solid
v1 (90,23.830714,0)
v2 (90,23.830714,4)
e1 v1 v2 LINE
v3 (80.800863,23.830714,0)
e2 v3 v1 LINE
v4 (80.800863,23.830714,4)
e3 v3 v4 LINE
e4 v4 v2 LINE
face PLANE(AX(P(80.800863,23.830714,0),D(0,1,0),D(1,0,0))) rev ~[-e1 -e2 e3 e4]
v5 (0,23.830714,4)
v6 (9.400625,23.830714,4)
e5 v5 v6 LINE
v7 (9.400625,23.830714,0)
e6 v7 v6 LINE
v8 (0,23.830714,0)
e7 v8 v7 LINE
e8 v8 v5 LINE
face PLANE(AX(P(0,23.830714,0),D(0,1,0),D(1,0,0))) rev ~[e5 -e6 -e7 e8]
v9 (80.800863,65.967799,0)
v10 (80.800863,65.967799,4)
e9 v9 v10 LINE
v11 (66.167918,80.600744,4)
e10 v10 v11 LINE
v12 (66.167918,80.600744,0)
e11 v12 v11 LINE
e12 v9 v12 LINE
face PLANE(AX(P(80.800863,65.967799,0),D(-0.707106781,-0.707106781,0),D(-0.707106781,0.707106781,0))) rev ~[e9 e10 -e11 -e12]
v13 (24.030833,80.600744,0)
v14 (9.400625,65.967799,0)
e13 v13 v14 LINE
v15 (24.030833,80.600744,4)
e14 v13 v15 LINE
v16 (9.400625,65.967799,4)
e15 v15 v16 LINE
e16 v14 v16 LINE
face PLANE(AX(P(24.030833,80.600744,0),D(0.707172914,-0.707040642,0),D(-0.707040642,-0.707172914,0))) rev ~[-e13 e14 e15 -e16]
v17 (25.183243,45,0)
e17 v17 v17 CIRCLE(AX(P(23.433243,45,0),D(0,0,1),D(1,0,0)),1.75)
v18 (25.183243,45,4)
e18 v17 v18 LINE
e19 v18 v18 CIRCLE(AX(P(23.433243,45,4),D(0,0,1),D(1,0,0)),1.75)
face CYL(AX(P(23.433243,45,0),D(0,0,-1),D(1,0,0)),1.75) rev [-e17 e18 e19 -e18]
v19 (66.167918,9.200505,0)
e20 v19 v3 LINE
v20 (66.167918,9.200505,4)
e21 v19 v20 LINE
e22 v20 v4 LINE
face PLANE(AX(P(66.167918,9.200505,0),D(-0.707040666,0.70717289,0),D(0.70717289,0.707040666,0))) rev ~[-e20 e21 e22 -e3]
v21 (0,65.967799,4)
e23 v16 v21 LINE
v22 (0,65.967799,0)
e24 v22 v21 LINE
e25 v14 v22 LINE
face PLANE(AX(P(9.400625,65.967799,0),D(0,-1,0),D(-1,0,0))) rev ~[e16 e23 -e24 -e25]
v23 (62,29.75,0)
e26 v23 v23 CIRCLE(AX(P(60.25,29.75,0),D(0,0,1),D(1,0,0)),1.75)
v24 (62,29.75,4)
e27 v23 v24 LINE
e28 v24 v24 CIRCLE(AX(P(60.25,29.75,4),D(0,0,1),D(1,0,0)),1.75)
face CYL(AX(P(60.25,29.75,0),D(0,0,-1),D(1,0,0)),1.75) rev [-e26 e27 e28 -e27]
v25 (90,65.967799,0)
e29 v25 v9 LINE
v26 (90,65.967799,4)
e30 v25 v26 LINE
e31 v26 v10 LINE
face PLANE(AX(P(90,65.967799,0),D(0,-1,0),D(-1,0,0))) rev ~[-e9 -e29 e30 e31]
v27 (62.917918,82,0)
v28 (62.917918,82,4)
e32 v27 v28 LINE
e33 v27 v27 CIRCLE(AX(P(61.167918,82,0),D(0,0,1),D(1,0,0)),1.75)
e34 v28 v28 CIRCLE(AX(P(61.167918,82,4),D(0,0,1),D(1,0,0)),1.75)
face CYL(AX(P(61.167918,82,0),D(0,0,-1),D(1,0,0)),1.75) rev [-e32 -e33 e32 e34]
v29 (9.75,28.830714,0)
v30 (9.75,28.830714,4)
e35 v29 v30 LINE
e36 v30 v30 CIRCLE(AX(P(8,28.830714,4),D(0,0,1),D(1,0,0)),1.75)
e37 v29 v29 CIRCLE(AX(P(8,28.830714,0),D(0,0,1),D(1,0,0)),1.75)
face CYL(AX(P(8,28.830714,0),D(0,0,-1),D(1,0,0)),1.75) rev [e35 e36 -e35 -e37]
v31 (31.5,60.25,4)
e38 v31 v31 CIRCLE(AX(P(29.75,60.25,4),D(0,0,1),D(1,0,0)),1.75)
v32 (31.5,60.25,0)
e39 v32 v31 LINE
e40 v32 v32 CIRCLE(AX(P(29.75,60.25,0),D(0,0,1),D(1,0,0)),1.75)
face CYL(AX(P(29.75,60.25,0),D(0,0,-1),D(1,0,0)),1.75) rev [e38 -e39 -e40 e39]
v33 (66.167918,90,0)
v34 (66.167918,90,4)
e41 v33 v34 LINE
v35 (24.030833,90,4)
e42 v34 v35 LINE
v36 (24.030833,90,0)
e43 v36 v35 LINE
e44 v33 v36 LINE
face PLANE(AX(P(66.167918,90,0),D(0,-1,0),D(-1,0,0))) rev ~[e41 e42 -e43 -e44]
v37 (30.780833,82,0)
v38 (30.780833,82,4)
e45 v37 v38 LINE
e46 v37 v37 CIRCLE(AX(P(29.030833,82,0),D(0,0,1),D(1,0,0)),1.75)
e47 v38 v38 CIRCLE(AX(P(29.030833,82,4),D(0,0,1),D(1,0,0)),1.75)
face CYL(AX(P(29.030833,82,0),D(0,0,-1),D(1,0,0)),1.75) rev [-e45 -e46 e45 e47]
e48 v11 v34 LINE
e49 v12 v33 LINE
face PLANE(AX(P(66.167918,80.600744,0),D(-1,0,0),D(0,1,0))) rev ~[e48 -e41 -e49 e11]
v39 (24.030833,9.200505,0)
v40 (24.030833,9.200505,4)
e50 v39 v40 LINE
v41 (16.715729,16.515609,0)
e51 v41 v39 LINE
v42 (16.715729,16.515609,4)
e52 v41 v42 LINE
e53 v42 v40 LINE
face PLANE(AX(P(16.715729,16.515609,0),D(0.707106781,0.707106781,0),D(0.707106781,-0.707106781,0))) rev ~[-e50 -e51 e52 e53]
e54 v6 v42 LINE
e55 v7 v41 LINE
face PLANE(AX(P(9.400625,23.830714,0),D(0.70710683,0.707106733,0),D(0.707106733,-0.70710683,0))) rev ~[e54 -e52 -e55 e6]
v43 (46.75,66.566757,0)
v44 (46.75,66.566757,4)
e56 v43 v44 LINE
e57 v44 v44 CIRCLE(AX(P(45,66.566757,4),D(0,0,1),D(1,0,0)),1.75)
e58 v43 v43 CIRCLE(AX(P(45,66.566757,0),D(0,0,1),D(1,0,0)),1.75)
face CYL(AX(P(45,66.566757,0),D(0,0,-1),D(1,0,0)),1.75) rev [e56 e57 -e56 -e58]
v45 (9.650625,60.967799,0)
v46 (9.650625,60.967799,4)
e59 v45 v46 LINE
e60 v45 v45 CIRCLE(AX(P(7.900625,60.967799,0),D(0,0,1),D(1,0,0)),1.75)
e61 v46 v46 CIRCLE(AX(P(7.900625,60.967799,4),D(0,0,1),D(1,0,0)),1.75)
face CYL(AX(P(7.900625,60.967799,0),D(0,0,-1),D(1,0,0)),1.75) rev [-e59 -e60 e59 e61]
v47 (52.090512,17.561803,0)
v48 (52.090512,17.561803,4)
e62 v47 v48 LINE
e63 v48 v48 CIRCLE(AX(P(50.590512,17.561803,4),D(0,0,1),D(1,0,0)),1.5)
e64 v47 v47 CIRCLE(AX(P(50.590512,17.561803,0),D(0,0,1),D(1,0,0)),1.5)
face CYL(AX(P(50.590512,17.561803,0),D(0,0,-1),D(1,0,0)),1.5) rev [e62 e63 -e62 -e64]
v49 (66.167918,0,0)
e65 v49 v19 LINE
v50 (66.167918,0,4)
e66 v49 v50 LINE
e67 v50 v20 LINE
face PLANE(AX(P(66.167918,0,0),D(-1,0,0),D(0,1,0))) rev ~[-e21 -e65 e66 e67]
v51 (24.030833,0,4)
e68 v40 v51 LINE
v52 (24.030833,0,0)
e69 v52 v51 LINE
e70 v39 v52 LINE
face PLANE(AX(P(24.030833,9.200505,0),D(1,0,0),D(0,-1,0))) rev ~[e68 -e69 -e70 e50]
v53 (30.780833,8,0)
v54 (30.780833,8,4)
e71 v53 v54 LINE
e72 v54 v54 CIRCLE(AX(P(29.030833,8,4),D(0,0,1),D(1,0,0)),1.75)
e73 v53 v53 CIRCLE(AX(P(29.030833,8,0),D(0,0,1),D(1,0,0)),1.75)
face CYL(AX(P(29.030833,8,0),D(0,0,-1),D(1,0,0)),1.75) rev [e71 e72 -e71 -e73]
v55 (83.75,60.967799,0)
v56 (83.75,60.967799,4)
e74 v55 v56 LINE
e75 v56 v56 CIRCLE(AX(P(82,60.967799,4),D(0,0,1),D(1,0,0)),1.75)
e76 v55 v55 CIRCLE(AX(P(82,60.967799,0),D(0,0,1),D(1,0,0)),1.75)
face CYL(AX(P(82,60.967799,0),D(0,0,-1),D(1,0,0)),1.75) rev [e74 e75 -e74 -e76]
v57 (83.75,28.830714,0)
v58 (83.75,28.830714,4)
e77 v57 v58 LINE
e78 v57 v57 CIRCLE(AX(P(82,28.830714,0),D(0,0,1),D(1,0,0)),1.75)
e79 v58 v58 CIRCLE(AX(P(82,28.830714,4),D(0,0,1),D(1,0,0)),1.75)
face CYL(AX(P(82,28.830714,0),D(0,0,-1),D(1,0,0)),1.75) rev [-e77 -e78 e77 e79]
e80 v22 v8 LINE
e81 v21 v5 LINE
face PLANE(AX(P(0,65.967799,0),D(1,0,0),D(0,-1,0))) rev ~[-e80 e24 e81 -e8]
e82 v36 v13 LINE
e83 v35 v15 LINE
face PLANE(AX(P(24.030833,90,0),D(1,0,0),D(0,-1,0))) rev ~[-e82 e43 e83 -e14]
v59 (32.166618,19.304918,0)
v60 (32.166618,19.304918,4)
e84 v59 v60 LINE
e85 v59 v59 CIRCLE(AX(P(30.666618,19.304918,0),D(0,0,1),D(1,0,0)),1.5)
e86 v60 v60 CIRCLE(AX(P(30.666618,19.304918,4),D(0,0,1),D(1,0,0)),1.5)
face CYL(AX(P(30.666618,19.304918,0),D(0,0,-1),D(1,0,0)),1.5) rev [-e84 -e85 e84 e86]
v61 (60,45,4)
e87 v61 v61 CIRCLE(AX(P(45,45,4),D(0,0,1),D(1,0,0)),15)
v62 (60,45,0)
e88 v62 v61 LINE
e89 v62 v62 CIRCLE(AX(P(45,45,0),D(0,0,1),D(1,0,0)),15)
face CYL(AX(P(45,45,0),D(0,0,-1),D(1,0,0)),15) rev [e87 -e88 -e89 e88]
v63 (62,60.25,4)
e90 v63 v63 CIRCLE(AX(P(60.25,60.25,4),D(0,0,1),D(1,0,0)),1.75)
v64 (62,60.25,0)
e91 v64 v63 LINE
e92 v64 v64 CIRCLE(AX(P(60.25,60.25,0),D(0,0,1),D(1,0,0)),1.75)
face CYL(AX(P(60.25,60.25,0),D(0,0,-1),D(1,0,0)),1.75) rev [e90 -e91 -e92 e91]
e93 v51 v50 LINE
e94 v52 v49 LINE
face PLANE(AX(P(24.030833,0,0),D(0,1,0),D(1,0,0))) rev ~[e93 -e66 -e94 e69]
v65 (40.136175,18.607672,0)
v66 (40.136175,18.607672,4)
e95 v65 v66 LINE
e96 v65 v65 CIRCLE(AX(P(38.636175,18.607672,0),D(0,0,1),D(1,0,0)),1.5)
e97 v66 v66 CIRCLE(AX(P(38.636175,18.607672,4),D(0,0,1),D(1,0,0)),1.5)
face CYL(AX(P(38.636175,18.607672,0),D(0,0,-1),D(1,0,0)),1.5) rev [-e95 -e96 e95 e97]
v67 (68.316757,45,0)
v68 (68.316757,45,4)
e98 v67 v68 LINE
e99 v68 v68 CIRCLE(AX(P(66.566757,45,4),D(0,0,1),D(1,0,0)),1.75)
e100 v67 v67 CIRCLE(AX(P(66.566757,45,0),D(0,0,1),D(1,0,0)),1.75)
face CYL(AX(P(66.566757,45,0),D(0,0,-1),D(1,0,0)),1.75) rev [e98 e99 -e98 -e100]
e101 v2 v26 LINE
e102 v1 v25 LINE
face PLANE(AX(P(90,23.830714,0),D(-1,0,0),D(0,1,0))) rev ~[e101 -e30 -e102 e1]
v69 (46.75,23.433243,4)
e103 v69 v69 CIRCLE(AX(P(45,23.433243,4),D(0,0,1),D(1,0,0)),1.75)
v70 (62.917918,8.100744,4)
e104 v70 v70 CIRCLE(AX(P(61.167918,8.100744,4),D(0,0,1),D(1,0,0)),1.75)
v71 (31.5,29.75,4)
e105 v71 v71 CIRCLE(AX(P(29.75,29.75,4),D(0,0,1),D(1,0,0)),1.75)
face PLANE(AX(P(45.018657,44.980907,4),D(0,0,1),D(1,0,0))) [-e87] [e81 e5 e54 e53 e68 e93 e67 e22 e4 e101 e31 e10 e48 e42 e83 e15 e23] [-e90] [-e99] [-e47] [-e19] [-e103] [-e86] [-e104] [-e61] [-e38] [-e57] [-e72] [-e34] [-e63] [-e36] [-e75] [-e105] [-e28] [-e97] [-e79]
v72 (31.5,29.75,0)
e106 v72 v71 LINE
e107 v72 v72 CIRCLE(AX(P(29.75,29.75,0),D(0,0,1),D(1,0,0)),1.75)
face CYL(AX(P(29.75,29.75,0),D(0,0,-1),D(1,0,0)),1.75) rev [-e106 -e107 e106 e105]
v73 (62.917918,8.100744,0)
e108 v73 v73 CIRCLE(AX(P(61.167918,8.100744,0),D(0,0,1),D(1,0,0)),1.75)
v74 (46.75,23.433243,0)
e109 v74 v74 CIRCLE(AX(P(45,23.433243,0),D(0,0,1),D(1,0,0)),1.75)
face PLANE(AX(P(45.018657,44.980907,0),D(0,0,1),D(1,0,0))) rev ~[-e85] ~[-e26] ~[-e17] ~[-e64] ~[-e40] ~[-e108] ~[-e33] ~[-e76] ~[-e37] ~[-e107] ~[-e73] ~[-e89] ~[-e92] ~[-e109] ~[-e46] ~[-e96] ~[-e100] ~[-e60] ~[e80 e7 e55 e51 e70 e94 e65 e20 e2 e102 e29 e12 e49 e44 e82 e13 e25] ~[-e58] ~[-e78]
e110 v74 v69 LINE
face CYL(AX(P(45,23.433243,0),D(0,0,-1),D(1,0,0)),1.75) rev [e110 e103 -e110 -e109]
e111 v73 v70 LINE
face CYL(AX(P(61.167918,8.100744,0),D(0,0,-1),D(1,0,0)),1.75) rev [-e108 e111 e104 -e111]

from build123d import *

# Parameters (mm, degrees)
F0_R     = 1.75
F0_R_2   = 1.5
F0_R_3   = 15
F1_DEPTH = 4


with BuildPart() as f1:
    # F0 (on Top) → F1 (new body)
    with BuildSketch(Plane.XY):
        Polygon((24.030833, 9.200505), (24.030833, 0), (36.030833, 0), (54.167918, 0), (66.167918, 0), (66.167918, 9.200505), (80.800863, 23.830714), (90, 23.830714), (90, 35.830714), (90, 53.967799), (90, 65.967799), (80.800863, 65.967799), (73.484391, 73.284271), (66.167918, 80.600744), (66.167918, 90), (54.167918, 90), (36.030833, 90), (24.030833, 90), (24.030833, 80.600744), (9.400625, 65.967799), (0, 65.967799), (0, 53.967799), (0, 35.830714), (0, 23.830714), (9.400625, 23.830714), (16.715729, 16.515609), align=None)
        with Locations((29.030833, 8)):
            Circle(F0_R, mode=Mode.SUBTRACT)
        with Locations((8, 28.830714)):
            Circle(F0_R, mode=Mode.SUBTRACT)
        with Locations((38.636175, 18.607672)):
            Circle(F0_R_2, mode=Mode.SUBTRACT)
        with Locations((30.666618, 19.304918)):
            Circle(F0_R_2, mode=Mode.SUBTRACT)
        with Locations((45, 23.433243)):
            Circle(F0_R, mode=Mode.SUBTRACT)
        with Locations((23.433243, 45)):
            Circle(F0_R, mode=Mode.SUBTRACT)
        with Locations((29.75, 29.75)):
            Circle(F0_R, mode=Mode.SUBTRACT)
        with Locations((45, 45)):
            Circle(F0_R_3, mode=Mode.SUBTRACT)
        with Locations((61.167918, 8.100744)):
            Circle(F0_R, mode=Mode.SUBTRACT)
        with Locations((50.590512, 17.561803)):
            Circle(F0_R_2, mode=Mode.SUBTRACT)
        with Locations((82, 28.830714)):
            Circle(F0_R, mode=Mode.SUBTRACT)
        with Locations((60.25, 29.75)):
            Circle(F0_R, mode=Mode.SUBTRACT)
        with Locations((66.566757, 45)):
            Circle(F0_R, mode=Mode.SUBTRACT)
        with Locations((7.900625, 60.967799)):
            Circle(F0_R, mode=Mode.SUBTRACT)
        with Locations((29.75, 60.25)):
            Circle(F0_R, mode=Mode.SUBTRACT)
        with Locations((45, 66.566757)):
            Circle(F0_R, mode=Mode.SUBTRACT)
        with Locations((29.030833, 82)):
            Circle(F0_R, mode=Mode.SUBTRACT)
        with Locations((60.25, 60.25)):
            Circle(F0_R, mode=Mode.SUBTRACT)
        with Locations((82, 60.967799)):
            Circle(F0_R, mode=Mode.SUBTRACT)
        with Locations((61.167918, 82)):
            Circle(F0_R, mode=Mode.SUBTRACT)
    extrude(amount=F1_DEPTH)


solid = f1.part
